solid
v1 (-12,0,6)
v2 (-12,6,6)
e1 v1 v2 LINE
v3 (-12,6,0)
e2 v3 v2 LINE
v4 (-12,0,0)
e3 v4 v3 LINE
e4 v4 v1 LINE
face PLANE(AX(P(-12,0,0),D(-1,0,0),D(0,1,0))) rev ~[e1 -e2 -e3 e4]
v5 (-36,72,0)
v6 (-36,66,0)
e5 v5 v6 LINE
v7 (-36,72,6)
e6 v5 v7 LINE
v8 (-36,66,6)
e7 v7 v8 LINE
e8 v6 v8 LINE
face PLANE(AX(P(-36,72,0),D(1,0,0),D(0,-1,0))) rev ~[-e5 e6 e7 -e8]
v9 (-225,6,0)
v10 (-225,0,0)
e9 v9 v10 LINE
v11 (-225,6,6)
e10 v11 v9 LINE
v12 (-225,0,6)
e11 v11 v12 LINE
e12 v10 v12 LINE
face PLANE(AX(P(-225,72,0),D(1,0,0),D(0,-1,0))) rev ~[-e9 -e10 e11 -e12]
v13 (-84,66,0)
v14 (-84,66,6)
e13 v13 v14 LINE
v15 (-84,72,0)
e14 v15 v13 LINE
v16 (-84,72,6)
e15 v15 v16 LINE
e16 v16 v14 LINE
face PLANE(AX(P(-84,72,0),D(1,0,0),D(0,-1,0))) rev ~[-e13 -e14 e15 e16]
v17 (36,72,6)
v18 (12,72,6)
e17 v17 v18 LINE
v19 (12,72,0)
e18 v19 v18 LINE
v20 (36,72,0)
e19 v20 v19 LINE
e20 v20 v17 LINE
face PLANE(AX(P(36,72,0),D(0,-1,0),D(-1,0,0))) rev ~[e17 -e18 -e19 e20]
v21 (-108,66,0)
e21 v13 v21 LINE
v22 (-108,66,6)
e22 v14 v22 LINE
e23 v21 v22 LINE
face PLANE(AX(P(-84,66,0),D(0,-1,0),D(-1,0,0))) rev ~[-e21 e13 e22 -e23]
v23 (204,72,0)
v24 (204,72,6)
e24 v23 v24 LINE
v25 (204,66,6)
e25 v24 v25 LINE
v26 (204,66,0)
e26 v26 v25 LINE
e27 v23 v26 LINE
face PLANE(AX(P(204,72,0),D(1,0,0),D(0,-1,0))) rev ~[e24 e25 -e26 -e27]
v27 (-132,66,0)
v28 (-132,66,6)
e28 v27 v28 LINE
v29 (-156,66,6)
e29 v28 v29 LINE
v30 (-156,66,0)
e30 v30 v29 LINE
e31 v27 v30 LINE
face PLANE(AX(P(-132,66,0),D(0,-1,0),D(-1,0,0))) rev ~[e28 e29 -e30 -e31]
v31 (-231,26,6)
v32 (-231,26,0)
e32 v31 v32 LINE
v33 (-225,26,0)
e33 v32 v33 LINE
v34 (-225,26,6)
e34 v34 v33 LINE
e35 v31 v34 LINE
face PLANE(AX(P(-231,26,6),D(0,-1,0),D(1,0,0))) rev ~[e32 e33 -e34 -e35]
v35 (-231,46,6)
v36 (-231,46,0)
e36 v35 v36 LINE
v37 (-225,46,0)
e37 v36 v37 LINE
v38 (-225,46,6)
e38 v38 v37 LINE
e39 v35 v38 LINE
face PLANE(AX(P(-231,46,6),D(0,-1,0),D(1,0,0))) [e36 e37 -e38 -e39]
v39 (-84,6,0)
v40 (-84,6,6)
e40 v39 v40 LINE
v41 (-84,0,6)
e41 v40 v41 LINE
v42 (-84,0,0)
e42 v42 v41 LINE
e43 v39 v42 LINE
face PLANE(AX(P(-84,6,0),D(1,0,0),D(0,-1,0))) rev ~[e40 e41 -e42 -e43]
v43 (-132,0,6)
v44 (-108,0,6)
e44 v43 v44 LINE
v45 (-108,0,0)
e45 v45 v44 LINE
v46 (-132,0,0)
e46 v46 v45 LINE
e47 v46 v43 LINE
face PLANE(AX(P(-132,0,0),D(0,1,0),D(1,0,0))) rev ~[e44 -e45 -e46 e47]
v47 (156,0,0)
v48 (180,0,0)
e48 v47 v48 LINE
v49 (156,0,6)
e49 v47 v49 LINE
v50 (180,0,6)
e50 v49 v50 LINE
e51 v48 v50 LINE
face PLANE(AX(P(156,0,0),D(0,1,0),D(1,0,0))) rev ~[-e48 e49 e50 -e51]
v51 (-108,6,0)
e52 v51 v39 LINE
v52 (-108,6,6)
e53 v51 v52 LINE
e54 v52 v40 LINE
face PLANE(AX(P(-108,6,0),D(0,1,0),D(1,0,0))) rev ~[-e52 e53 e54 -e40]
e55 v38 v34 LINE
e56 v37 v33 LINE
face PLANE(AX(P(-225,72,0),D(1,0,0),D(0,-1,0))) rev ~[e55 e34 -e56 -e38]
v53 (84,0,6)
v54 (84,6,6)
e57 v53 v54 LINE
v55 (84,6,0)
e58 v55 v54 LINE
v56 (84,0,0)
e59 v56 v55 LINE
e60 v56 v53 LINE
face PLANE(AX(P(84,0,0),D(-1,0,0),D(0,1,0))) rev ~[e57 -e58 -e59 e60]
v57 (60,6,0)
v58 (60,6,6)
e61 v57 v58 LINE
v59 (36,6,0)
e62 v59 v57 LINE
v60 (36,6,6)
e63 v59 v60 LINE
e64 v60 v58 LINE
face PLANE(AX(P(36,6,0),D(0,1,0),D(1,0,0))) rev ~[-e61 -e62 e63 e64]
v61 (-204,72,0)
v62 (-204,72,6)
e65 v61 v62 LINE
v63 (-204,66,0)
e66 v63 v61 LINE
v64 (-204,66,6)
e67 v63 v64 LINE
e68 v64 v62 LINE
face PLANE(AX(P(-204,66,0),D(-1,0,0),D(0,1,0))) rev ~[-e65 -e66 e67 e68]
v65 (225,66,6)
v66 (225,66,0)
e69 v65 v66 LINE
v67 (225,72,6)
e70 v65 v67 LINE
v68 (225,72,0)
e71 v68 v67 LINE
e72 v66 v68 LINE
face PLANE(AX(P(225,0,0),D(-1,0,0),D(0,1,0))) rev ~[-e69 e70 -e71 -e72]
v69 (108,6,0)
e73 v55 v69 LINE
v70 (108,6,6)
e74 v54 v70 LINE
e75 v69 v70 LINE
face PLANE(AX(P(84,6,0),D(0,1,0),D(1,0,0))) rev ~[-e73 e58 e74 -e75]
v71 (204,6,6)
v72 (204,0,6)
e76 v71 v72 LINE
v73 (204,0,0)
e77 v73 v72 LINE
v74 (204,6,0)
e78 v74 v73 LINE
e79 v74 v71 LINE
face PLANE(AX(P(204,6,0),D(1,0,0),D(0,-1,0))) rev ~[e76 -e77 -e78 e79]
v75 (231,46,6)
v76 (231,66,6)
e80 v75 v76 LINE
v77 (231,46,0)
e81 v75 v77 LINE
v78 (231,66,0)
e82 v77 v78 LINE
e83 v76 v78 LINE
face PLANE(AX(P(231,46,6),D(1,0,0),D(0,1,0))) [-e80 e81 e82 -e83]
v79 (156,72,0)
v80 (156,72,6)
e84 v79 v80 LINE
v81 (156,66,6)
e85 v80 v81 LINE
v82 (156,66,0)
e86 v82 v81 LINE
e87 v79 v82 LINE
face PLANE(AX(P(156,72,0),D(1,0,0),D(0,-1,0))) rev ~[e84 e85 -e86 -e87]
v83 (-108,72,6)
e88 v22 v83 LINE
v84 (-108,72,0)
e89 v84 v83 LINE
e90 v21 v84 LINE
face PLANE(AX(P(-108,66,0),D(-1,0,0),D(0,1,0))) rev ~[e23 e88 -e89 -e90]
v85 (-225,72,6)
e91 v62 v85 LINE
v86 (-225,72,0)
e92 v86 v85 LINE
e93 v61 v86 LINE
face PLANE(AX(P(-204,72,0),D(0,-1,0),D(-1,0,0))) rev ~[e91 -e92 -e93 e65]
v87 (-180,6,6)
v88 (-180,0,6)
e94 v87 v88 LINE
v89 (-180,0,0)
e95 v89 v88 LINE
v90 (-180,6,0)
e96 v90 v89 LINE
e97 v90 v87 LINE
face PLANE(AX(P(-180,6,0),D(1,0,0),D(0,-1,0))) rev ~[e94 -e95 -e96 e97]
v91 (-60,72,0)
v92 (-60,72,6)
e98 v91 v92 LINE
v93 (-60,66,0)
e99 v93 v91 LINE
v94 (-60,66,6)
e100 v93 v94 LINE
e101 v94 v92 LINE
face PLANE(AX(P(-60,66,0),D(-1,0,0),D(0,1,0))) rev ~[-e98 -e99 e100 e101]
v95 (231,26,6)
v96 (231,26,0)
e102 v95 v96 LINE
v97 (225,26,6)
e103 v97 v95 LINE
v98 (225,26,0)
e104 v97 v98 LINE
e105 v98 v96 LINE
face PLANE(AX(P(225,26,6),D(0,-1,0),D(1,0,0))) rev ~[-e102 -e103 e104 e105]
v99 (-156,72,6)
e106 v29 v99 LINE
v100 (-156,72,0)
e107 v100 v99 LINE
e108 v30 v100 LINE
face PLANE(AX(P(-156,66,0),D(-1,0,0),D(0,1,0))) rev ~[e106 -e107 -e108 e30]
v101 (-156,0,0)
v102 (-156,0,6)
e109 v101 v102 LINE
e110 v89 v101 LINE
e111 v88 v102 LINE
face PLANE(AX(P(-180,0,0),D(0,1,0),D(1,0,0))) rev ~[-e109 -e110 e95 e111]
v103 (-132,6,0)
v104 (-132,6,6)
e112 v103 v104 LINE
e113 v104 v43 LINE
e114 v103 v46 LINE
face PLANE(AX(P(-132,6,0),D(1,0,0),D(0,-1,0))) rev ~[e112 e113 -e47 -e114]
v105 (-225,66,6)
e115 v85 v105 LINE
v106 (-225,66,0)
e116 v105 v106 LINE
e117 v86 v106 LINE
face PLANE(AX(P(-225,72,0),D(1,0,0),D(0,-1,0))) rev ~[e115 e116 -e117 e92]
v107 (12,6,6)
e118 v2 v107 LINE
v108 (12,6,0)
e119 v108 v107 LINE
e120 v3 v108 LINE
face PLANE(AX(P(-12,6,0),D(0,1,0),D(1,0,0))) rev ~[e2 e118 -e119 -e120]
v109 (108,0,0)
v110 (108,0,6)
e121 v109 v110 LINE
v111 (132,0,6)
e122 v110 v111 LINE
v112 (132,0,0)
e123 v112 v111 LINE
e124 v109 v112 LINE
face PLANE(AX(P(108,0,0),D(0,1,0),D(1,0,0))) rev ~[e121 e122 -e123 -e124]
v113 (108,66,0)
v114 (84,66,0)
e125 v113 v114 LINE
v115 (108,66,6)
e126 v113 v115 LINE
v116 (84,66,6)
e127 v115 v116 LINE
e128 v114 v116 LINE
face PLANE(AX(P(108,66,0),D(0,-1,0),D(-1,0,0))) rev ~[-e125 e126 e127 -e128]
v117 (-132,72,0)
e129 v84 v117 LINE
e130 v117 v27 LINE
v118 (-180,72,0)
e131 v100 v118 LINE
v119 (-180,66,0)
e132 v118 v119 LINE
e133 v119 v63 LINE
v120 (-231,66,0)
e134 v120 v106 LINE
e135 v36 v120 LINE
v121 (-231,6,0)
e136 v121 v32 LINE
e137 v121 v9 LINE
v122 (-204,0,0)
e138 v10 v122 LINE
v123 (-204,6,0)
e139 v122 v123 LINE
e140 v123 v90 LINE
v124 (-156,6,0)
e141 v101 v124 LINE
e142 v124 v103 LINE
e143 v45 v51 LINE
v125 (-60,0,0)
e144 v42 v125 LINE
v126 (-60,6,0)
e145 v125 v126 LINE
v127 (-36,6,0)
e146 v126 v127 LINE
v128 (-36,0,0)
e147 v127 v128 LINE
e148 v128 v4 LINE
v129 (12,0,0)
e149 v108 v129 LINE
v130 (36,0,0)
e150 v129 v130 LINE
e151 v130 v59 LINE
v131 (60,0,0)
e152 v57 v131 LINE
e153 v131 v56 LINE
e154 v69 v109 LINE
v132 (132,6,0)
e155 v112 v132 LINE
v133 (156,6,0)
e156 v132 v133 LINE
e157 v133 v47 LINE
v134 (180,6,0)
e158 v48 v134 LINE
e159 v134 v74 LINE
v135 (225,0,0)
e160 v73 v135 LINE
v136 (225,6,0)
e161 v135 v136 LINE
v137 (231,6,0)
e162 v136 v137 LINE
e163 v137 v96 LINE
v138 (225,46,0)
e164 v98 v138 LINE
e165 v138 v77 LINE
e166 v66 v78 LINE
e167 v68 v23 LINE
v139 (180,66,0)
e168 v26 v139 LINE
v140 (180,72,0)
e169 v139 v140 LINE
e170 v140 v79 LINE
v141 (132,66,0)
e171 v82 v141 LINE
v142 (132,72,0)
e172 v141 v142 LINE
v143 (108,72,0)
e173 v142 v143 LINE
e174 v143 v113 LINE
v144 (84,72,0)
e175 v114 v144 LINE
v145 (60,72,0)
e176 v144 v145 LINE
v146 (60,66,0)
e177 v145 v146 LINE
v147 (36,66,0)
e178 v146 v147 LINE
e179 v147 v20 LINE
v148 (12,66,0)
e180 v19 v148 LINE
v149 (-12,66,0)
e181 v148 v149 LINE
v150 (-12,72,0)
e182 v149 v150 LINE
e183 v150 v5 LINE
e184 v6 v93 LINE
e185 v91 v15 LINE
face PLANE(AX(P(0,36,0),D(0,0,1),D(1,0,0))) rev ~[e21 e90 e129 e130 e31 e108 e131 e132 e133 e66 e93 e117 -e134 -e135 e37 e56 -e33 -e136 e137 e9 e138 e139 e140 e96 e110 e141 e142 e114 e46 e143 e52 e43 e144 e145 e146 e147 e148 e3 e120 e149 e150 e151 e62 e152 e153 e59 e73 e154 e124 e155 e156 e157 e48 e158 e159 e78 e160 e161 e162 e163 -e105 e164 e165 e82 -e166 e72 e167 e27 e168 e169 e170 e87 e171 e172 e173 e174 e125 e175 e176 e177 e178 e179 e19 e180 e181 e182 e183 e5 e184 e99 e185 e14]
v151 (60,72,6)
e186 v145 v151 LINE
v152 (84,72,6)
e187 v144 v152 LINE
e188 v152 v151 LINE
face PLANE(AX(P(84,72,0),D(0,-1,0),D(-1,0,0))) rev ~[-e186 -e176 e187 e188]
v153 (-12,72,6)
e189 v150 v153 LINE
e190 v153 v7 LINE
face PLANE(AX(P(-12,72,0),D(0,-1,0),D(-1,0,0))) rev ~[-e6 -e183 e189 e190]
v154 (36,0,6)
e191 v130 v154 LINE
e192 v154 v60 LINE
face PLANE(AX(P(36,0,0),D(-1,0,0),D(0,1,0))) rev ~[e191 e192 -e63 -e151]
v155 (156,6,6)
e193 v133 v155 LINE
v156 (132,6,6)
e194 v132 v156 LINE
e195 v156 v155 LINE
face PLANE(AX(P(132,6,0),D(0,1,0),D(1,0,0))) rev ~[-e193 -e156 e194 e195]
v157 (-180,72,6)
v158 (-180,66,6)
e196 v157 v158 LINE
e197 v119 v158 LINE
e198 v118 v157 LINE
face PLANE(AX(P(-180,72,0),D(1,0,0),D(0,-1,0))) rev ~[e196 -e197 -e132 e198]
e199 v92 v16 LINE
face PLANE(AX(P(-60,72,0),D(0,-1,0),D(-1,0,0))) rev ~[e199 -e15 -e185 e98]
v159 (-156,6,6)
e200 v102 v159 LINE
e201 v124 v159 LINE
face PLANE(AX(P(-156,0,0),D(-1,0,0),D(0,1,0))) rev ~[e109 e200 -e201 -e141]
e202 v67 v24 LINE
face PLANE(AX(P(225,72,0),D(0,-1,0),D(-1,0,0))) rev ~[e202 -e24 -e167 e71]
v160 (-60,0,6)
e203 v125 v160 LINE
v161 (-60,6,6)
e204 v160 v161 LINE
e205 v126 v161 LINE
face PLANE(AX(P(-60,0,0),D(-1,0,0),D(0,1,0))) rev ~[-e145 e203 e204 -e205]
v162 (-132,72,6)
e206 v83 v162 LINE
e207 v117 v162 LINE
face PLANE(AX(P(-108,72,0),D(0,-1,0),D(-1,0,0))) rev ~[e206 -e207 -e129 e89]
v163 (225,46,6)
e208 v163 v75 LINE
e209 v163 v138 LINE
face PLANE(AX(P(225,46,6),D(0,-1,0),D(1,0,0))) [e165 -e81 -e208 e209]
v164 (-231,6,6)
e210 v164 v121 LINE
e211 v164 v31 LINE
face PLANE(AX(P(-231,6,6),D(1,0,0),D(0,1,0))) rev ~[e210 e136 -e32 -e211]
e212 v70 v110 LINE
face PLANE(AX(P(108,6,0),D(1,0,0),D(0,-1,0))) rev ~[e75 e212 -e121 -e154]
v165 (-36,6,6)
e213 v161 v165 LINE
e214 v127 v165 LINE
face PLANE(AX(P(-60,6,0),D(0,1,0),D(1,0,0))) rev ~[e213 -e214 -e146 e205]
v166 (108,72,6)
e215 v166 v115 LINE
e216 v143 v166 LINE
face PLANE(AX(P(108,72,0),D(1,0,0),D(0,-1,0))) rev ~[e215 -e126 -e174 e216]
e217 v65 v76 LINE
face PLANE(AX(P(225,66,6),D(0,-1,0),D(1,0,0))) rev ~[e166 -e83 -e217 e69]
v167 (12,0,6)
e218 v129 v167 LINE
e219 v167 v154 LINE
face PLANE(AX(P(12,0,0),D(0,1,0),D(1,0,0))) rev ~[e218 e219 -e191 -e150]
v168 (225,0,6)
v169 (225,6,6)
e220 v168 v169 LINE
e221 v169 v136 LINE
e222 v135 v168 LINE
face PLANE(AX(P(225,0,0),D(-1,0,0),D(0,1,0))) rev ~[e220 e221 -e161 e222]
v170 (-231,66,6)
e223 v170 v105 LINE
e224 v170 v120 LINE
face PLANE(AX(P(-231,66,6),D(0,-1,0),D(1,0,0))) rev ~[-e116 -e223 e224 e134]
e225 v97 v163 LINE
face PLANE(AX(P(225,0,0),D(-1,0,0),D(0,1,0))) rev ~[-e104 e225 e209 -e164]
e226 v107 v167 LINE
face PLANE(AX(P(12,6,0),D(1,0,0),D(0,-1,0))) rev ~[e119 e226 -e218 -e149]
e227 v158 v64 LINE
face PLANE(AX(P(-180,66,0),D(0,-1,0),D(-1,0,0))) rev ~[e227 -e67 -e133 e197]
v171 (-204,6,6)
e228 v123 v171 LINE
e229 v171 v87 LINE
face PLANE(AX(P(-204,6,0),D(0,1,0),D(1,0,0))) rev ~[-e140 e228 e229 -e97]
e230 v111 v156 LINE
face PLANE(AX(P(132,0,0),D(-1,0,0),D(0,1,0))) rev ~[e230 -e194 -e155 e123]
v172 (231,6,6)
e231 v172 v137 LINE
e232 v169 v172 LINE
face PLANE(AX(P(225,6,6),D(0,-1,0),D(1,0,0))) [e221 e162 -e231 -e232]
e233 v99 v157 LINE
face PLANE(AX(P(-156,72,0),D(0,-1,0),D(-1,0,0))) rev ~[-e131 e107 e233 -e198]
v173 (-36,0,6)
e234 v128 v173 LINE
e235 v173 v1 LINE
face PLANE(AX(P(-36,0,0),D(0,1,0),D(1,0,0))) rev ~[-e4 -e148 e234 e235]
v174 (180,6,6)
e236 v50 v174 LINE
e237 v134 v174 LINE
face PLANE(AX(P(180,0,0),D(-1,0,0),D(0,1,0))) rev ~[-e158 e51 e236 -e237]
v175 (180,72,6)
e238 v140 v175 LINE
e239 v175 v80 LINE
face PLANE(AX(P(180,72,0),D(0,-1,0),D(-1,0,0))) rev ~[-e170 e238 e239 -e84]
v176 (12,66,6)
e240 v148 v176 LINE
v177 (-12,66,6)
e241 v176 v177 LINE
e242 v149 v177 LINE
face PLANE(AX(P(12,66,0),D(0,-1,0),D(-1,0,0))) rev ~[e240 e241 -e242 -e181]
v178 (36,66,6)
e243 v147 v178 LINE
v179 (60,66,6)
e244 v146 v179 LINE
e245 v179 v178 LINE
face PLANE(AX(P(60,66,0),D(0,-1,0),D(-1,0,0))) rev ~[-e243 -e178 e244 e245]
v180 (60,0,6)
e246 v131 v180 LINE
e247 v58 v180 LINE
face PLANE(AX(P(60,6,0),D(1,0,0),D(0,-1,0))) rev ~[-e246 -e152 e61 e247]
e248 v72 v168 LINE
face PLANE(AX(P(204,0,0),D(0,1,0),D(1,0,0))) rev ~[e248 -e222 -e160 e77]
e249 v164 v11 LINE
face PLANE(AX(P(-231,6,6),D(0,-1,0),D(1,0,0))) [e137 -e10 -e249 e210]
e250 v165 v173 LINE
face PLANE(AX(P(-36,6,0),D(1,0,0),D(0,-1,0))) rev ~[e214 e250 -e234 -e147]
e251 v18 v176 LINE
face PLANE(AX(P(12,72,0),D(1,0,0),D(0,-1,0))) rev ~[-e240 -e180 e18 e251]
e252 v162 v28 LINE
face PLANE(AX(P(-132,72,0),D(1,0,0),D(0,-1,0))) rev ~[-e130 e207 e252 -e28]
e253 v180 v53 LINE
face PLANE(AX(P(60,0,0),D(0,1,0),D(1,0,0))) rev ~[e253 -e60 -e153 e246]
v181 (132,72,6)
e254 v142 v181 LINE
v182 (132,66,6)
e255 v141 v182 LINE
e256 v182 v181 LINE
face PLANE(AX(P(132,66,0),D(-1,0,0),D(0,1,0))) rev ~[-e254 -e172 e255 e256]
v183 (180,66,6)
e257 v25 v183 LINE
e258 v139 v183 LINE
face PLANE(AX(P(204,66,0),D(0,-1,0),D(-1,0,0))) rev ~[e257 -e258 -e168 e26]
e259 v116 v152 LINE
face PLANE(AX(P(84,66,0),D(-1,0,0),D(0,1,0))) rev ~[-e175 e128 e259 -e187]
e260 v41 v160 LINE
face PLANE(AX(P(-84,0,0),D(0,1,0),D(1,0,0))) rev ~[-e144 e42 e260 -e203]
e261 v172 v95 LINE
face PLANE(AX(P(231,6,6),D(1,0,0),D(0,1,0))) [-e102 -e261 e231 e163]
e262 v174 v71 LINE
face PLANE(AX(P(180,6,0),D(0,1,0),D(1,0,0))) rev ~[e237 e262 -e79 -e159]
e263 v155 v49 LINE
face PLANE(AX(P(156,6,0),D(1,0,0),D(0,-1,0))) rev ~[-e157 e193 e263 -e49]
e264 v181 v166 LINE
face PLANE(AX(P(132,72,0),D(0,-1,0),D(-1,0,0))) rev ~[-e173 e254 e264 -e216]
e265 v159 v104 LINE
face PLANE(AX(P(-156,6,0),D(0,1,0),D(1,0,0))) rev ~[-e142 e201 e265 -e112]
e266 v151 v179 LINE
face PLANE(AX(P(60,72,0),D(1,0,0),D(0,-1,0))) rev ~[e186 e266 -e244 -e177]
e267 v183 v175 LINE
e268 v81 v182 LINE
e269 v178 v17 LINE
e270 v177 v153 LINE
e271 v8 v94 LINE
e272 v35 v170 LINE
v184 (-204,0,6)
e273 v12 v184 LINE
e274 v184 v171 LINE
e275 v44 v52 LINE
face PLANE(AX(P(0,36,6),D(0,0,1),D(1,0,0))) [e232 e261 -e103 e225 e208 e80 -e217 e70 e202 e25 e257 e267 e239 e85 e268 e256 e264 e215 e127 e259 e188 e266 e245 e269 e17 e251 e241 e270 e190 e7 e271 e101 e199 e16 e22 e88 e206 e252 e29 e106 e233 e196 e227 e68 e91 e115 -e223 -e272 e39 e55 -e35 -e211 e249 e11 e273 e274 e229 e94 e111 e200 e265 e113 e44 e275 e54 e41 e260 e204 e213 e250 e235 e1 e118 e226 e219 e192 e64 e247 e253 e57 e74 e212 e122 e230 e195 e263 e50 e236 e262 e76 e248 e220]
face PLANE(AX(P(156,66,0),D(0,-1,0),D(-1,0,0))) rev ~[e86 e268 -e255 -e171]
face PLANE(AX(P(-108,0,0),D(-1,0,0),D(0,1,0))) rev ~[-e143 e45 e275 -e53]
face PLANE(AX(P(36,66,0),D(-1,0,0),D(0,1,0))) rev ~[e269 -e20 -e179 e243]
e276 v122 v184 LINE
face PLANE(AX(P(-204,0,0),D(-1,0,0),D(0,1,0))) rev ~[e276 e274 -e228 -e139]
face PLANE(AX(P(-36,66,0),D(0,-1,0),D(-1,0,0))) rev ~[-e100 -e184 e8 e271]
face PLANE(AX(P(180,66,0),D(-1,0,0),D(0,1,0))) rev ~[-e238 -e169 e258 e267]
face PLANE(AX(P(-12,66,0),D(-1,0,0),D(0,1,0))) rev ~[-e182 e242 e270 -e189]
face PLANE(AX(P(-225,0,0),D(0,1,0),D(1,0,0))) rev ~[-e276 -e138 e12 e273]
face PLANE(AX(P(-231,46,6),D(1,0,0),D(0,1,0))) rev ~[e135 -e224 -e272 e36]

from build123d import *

# Parameters (mm, degrees)
BOSS_EXTRUDE1_DEPTH = 6
SKETCH3_W           = 6
SKETCH3_H           = 20
BOSS_EXTRUDE2_DEPTH = 6


with BuildPart() as part:
    # Sketch1 → Boss-Extrude1 (new body)
    with BuildSketch(Plane.XY):
        Polygon((-225, 0), (-204, 0), (-204, 6), (-180, 6), (-180, 0), (-156, 0), (-156, 6), (-132, 6), (-132, 0), (-108, 0), (-108, 6), (-84, 6), (-84, 0), (-60, 0), (-60, 6), (-36, 6), (-36, 0), (-12, 0), (-12, 6), (12, 6), (12, 0), (36, 0), (36, 6), (60, 6), (60, 0), (84, 0), (84, 6), (108, 6), (108, 0), (132, 0), (132, 6), (156, 6), (156, 0), (180, 0), (180, 6), (204, 6), (204, 0), (225, 0), (225, 72), (204, 72), (204, 66), (180, 66), (180, 72), (156, 72), (156, 66), (132, 66), (132, 72), (108, 72), (108, 66), (84, 66), (84, 72), (60, 72), (60, 66), (36, 66), (36, 72), (12, 72), (12, 66), (-12, 66), (-12, 72), (-36, 72), (-36, 66), (-60, 66), (-60, 72), (-84, 72), (-84, 66), (-108, 66), (-108, 72), (-132, 72), (-132, 66), (-156, 66), (-156, 72), (-180, 72), (-180, 66), (-204, 66), (-204, 72), (-225, 72), align=None)
    extrude(amount=BOSS_EXTRUDE1_DEPTH)

    # Sketch3 → Boss-Extrude2 (add)
    with BuildSketch(Plane.XY.offset(6)):
        with Locations((-228, 16)):
            Rectangle(SKETCH3_W, SKETCH3_H)
        with Locations((-228, 56)):
            Rectangle(SKETCH3_W, SKETCH3_H)
        with Locations((228, 16)):
            Rectangle(SKETCH3_W, SKETCH3_H)
        with Locations((228, 56)):
            Rectangle(SKETCH3_W, SKETCH3_H)
    extrude(amount=-BOSS_EXTRUDE2_DEPTH)


solid = part.part
